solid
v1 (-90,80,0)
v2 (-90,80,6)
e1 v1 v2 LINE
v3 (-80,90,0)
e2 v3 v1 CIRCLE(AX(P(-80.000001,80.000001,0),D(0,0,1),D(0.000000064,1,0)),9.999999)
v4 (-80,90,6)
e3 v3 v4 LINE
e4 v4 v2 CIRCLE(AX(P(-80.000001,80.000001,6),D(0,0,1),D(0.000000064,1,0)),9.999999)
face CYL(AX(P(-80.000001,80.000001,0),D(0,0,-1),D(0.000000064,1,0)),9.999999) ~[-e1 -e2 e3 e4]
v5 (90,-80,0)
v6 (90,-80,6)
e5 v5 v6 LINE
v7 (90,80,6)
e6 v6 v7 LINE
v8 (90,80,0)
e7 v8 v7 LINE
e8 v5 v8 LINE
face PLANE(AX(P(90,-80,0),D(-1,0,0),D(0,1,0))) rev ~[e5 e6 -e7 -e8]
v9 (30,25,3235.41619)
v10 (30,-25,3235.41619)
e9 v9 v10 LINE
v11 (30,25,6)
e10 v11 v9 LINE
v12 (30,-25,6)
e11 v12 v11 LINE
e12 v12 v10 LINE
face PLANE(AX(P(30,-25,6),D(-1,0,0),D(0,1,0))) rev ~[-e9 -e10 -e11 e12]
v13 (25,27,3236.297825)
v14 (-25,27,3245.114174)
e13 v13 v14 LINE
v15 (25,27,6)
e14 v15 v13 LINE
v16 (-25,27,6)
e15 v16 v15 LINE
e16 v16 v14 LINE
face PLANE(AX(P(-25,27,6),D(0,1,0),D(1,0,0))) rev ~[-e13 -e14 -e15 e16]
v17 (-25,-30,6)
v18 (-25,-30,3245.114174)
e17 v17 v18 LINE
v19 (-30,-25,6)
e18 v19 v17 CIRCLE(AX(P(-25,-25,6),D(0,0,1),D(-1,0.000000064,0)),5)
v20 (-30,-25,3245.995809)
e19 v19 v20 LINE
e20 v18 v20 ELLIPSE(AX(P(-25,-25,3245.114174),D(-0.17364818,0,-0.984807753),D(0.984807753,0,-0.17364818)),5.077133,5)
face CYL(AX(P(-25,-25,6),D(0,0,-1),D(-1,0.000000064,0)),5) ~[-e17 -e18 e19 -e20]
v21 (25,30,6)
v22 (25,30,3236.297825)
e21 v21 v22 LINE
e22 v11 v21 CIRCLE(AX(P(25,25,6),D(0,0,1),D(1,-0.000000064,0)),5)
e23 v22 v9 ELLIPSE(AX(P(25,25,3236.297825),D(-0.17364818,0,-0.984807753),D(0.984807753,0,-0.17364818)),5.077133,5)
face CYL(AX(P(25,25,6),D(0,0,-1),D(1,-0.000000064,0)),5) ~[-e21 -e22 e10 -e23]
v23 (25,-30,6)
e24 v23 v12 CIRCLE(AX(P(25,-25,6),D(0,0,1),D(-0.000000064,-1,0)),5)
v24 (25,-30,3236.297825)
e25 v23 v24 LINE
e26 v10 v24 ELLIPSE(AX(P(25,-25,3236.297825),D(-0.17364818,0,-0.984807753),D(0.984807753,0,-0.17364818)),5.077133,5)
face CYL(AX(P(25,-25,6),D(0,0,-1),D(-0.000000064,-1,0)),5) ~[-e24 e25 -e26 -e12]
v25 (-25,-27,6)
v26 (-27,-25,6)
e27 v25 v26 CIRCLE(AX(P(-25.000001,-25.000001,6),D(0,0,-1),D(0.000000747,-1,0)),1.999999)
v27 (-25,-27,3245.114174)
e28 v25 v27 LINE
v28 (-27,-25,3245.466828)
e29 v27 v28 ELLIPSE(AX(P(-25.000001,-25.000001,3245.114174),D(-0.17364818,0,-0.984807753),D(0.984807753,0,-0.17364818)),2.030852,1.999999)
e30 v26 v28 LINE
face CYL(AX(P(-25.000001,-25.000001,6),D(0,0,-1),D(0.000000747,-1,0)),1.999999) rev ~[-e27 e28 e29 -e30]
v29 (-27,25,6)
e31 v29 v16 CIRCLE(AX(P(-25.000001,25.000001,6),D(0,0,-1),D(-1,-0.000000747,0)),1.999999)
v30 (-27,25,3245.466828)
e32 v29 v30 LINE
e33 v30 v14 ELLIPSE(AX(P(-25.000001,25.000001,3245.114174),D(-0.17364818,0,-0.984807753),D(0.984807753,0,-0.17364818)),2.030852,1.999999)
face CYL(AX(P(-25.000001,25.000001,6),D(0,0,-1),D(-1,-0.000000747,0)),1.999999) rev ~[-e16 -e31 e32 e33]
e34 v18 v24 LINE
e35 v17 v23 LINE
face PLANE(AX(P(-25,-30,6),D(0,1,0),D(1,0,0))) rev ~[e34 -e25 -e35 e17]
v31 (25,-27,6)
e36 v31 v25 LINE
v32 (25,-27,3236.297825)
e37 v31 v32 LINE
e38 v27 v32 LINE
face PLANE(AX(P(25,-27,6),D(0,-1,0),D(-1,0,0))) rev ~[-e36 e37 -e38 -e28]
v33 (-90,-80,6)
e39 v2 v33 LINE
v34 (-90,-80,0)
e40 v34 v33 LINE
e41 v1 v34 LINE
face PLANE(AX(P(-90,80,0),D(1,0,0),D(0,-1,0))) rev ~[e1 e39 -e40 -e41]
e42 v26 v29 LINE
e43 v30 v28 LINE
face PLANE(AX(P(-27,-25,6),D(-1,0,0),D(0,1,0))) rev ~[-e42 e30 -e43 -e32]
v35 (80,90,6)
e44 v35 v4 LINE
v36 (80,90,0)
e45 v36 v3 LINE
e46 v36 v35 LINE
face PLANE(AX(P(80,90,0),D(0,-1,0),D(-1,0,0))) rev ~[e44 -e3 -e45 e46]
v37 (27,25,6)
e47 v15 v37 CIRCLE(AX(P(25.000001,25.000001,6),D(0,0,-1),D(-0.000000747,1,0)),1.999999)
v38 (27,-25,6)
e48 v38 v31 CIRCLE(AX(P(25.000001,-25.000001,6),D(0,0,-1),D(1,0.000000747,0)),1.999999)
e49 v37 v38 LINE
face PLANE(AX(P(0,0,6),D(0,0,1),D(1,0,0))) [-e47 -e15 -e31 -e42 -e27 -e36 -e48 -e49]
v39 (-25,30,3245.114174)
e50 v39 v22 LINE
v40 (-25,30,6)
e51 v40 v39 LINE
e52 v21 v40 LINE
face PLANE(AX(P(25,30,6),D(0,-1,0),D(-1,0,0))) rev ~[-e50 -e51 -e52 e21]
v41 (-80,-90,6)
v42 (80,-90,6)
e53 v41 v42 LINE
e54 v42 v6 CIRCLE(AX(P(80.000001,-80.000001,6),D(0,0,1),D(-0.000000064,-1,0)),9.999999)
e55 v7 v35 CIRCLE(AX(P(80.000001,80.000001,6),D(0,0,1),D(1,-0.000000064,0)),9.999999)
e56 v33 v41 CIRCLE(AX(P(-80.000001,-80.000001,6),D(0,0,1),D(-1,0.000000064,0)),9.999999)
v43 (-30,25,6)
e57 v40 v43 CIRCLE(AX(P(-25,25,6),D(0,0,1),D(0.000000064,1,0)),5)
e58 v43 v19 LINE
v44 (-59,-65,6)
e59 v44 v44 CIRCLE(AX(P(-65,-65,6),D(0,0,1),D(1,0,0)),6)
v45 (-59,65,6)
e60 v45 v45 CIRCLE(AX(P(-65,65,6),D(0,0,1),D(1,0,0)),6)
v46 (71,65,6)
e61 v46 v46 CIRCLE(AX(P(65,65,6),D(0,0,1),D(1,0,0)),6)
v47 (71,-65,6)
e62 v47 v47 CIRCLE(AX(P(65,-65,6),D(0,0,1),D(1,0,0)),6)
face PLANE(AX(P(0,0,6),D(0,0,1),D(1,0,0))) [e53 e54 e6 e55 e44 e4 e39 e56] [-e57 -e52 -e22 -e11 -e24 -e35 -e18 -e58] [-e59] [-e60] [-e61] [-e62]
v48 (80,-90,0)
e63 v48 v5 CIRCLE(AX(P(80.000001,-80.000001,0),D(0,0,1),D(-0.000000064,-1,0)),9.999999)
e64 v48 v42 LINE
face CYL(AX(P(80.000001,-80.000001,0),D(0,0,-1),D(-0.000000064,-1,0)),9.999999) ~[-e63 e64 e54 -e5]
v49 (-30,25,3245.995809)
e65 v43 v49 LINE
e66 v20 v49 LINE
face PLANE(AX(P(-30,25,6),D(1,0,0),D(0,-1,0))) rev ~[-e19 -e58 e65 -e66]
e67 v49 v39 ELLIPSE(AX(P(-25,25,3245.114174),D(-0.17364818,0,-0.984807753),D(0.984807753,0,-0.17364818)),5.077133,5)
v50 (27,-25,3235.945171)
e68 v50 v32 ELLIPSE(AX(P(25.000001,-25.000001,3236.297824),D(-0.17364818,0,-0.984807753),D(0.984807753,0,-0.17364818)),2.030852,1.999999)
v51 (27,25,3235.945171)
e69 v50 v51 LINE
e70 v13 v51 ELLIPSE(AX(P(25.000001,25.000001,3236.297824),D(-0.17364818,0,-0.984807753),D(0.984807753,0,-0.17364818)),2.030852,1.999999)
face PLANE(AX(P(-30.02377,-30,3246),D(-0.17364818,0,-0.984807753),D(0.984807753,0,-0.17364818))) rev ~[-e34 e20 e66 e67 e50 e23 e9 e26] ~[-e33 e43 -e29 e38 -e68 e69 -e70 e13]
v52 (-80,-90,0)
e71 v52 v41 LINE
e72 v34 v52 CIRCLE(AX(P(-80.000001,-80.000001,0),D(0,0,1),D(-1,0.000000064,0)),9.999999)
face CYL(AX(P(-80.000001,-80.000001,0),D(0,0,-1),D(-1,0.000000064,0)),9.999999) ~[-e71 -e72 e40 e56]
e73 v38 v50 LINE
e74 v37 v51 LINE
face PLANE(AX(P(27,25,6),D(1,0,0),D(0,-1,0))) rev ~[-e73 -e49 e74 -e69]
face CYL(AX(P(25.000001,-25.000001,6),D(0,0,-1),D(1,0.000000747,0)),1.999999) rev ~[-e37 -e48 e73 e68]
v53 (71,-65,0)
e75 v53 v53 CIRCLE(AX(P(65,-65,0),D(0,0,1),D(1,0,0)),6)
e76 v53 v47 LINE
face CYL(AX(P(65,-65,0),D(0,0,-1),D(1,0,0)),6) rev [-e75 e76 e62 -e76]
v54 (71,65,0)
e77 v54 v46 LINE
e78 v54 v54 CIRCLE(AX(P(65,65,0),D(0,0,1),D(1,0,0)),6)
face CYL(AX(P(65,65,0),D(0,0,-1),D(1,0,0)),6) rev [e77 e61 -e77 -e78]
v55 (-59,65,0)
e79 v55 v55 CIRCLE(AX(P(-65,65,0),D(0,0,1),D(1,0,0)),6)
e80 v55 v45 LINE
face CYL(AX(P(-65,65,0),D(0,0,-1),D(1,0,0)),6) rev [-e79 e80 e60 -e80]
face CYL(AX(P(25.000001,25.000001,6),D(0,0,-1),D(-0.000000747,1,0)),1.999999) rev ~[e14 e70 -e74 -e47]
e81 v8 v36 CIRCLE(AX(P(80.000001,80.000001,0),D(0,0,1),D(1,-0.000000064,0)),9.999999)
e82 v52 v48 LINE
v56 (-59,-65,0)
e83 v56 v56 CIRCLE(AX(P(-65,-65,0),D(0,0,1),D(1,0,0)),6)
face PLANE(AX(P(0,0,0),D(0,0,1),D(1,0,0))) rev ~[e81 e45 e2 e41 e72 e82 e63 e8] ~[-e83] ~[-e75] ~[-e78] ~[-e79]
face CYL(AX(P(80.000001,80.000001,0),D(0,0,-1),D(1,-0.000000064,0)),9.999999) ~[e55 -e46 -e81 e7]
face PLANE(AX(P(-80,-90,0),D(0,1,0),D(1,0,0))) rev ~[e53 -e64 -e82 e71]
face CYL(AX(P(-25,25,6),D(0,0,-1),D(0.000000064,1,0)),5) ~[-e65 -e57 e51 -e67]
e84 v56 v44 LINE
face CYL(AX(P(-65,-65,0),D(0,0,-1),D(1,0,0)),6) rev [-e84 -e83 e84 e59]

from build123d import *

# Parameters (mm, degrees)
F0_R     = 6
F1_DEPTH = 6
F3_DEPTH = 3240
F5_DEPTH = 120.001


with BuildPart() as f1:
    # F0 (on Top) → F1 (new body)
    with BuildSketch(Plane.XY):
        with BuildLine():
            ThreePointArc((90, 80), (87.071068, 87.071068), (80, 90))
            Line((80, 90), (-80, 90))
            ThreePointArc((-80, 90), (-87.071068, 87.071068), (-90, 80))
            Line((-90, 80), (-90, -80))
            ThreePointArc((-90, -80), (-87.071068, -87.071068), (-80, -90))
            Line((-80, -90), (80, -90))
            ThreePointArc((80, -90), (87.071068, -87.071068), (90, -80))
            Line((90, -80), (90, 80))
        make_face()
        with Locations((-65, -65)):
            Circle(F0_R, mode=Mode.SUBTRACT)
        with Locations((65, -65)):
            Circle(F0_R, mode=Mode.SUBTRACT)
        with Locations((-65, 65)):
            Circle(F0_R, mode=Mode.SUBTRACT)
        with Locations((65, 65)):
            Circle(F0_R, mode=Mode.SUBTRACT)
    extrude(amount=F1_DEPTH)

    # F2 (on face) → F3 (join)
    with BuildSketch(Plane.XY.offset(6)):
        with BuildLine():
            Line((-25, -30), (25, -30))
            ThreePointArc((25, -30), (28.535534, -28.535534), (30, -25))
            Line((30, -25), (30, 25))
            ThreePointArc((30, 25), (28.535534, 28.535534), (25, 30))
            Line((25, 30), (-25, 30))
            ThreePointArc((-25, 30), (-28.535534, 28.535534), (-30, 25))
            Line((-30, 25), (-30, -25))
            ThreePointArc((-30, -25), (-28.535534, -28.535534), (-25, -30))
        make_face()
        with BuildLine():
            ThreePointArc((25, 27), (26.414214, 26.414214), (27, 25))
            Line((27, 25), (27, -25))
            ThreePointArc((27, -25), (26.414214, -26.414214), (25, -27))
            Line((25, -27), (-25, -27))
            ThreePointArc((-25, -27), (-26.414214, -26.414214), (-27, -25))
            Line((-27, -25), (-27, 25))
            ThreePointArc((-27, 25), (-26.414214, 26.414214), (-25, 27))
            Line((-25, 27), (25, 27))
        make_face(mode=Mode.SUBTRACT)
    extrude(amount=F3_DEPTH)

    # F4 (on face) → F5 (cut, through all)
    with BuildSketch(Plane.XZ.offset(30)):
        Polygon((31.369732, 3246), (-30.02377, 3246), (31.369732, 3235.174669), align=None)
    extrude(amount=-F5_DEPTH, mode=Mode.SUBTRACT)


solid = f1.part
